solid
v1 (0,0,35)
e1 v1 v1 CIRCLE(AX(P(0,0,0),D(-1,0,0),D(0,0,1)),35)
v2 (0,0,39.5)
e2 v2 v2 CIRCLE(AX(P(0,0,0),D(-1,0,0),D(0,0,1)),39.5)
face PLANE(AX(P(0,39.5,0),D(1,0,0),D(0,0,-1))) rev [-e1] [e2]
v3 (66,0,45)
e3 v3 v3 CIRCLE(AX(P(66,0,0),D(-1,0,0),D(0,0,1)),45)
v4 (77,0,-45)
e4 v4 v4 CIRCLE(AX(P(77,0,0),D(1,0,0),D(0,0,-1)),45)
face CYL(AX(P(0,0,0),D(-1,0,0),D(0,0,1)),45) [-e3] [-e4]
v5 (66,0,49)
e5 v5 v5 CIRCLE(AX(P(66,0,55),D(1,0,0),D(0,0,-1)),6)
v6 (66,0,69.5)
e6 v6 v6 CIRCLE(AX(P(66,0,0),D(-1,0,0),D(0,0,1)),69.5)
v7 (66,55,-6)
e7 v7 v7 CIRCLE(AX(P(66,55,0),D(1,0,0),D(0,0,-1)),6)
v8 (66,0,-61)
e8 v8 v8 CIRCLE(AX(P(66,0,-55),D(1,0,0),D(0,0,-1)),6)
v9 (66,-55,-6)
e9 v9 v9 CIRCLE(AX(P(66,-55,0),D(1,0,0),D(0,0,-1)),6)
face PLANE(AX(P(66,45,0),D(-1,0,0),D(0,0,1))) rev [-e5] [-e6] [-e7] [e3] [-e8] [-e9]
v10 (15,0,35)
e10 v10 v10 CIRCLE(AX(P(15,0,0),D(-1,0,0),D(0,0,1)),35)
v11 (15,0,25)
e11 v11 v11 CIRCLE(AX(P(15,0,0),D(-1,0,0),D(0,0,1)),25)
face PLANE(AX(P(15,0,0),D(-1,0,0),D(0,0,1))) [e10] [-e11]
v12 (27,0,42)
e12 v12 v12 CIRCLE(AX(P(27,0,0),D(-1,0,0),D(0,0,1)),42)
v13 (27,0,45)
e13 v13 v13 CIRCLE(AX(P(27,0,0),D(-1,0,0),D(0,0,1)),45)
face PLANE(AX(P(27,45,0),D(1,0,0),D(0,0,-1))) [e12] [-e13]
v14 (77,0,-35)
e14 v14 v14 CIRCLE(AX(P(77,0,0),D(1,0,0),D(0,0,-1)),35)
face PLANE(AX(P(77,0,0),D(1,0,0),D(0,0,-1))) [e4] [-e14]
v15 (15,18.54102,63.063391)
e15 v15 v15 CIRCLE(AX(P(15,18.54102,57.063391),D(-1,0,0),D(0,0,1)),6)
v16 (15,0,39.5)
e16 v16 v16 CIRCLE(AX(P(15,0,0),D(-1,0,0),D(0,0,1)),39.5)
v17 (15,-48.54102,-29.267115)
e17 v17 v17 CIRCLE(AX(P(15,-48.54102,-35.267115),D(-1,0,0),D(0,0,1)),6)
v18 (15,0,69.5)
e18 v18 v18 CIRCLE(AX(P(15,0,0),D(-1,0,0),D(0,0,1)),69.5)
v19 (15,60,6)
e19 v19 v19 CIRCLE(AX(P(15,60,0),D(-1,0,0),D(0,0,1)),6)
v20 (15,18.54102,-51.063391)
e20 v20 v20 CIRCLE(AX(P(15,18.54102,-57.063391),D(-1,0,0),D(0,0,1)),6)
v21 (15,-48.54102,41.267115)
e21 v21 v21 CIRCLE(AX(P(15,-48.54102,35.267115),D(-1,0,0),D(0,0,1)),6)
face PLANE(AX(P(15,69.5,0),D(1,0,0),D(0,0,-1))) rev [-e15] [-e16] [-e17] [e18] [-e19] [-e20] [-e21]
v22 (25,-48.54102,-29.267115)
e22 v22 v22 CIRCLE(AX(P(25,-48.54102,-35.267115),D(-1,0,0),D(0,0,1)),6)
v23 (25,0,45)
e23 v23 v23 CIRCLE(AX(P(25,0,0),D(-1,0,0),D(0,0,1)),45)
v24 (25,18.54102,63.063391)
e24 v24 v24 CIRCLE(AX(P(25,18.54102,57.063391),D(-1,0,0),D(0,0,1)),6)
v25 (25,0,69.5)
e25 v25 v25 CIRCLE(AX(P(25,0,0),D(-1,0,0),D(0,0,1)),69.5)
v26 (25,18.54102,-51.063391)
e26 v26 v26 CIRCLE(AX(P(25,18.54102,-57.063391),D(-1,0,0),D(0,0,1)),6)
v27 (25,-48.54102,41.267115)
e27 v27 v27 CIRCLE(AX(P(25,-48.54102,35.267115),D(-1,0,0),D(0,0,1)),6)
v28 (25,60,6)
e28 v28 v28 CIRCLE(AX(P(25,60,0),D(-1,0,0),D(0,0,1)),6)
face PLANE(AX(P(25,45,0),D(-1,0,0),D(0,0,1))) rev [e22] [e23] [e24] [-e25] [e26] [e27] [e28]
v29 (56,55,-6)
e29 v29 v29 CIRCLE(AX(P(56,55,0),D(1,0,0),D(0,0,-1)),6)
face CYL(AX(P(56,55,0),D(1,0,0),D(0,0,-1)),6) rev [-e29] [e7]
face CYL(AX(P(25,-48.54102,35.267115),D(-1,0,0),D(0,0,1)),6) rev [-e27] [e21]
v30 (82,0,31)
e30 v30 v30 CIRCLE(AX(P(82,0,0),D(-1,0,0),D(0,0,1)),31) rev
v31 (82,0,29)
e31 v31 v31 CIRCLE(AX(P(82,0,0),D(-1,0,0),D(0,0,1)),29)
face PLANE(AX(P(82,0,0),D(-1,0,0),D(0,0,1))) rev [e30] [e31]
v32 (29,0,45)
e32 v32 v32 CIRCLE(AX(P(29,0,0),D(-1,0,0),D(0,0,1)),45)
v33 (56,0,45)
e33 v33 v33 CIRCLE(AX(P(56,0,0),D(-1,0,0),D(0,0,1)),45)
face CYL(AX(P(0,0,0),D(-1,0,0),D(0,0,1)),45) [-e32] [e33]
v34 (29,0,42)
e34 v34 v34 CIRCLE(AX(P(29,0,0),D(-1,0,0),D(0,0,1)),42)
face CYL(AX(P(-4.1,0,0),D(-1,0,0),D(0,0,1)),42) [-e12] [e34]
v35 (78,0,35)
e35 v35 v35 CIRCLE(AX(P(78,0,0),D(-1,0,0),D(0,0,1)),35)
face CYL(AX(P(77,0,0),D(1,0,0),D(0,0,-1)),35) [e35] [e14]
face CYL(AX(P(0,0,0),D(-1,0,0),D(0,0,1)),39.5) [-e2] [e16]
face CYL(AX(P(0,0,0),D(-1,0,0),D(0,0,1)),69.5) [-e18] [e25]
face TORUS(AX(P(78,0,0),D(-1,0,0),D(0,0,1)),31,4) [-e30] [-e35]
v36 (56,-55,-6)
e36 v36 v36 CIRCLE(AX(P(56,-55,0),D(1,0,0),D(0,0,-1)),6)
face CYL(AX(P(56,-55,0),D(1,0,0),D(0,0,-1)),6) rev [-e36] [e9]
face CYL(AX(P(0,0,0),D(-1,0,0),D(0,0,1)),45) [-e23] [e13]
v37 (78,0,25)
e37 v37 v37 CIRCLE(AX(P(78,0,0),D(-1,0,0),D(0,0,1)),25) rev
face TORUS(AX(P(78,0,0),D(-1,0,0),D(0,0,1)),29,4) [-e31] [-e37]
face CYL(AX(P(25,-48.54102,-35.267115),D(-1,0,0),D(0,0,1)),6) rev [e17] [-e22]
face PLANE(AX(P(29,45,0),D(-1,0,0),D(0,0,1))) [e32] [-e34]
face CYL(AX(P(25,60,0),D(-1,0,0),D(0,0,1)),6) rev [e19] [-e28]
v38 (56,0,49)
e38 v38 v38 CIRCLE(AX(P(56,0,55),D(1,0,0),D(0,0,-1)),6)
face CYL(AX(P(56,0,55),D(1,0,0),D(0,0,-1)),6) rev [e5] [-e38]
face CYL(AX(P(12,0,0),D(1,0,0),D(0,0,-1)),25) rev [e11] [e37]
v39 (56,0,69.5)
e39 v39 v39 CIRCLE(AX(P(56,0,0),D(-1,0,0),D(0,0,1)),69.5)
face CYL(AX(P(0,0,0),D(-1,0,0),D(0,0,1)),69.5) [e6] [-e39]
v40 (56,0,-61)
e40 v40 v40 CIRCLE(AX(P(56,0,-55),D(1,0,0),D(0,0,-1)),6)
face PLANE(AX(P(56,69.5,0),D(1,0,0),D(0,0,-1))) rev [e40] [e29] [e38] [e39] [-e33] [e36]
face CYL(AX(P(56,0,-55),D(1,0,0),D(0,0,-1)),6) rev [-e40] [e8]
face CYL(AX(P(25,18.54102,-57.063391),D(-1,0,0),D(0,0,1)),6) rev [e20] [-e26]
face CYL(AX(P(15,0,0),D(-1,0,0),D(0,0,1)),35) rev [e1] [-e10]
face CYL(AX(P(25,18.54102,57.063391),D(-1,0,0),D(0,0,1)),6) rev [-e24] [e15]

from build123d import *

# Parameters (mm, degrees)
SZKIC4_R                   = 6
WYTNIJ_WYCI_GNI_CIE1_DEPTH = 10
SZKIC5_R                   = 6
WYTNIJ_WYCI_GNI_CIE2_DEPTH = 10
SZKIC6_R                   = 35
WYTNIJ_WYCI_GNI_CIE3_DEPTH = 15
WYTNIJ_WYCI_GNI_CIE4_START = -5
SZKIC7_R                   = 45
SZKIC7_R_2                 = 35
WYTNIJ_WYCI_GNI_CIE4_DEPTH = 5
SZKIC8_R                   = 25
WYTNIJ_WYCI_GNI_CIE5_DEPTH = 70
ZAOKR_GLENIE1_R            = 4
SZKIC9_W                   = 2
SZKIC9_H                   = 3


with BuildPart() as part:
    # Szkic2 → Obrót1 (revolve)
    with BuildSketch(Plane.XY, mode=Mode.PRIVATE) as obr_t1_sk:
        Polygon((82, 0), (82, 45), (66, 45), (66, 69.5), (56, 69.5), (56, 45), (25, 45), (25, 69.5), (15, 69.5), (15, 39.5), (0, 39.5), (0, 0), align=None)
    revolve(obr_t1_sk.sketch.rotate(Axis((0, 0, 0), (1, 0, 0)), 90), axis=Axis((0, 0, 0), (1, 0, 0)))

    # Szkic4 → Wytnij-wyciągnięcie1 (cut)
    with BuildSketch(Plane(origin=(66, 0, 0), x_dir=(0, 0, -1), z_dir=(1, 0, 0))):
        with Locations((0, 55)):
            Circle(SZKIC4_R)
        with Locations((55, 0)):
            Circle(SZKIC4_R)
        with Locations((0, -55)):
            Circle(SZKIC4_R)
        with Locations((-55, 0)):
            Circle(SZKIC4_R)
    extrude(amount=-WYTNIJ_WYCI_GNI_CIE1_DEPTH, mode=Mode.SUBTRACT)

    # Szkic5 → Wytnij-wyciągnięcie2 (cut)
    with BuildSketch(Plane.ZY.offset(-15)):
        with Locations((0, 60)):
            Circle(SZKIC5_R)
        with Locations((57.063390978, 18.541019662)):
            Circle(SZKIC5_R)
        with Locations((35.267115138, -48.541019662)):
            Circle(SZKIC5_R)
        with Locations((-35.267115138, -48.541019662)):
            Circle(SZKIC5_R)
        with Locations((-57.063390978, 18.541019662)):
            Circle(SZKIC5_R)
    extrude(amount=-WYTNIJ_WYCI_GNI_CIE2_DEPTH, mode=Mode.SUBTRACT)

    # Szkic6 → Wytnij-wyciągnięcie3 (cut)
    with BuildSketch(Plane.ZY):
        Circle(SZKIC6_R)
    extrude(amount=-WYTNIJ_WYCI_GNI_CIE3_DEPTH, mode=Mode.SUBTRACT)

    # Szkic7 → Wytnij-wyciągnięcie4 (cut)
    with BuildSketch(Plane(origin=(82, 0, 0), x_dir=(0, 0, -1), z_dir=(1, 0, 0)).offset(WYTNIJ_WYCI_GNI_CIE4_START)):
        with Locations(Location((0, 0, 0), (0, 0, 180))):
            Circle(SZKIC7_R)
        with Locations(Location((0, 0, 0), (0, 0, 180))):
            Circle(SZKIC7_R_2, mode=Mode.SUBTRACT)
    extrude(amount=WYTNIJ_WYCI_GNI_CIE4_DEPTH, mode=Mode.SUBTRACT)

    # Szkic8 → Wytnij-wyciągnięcie5 (cut)
    with BuildSketch(Plane(origin=(82, 0, 0), x_dir=(0, 0, -1), z_dir=(1, 0, 0))):
        Circle(SZKIC8_R)
    extrude(amount=-WYTNIJ_WYCI_GNI_CIE5_DEPTH, mode=Mode.SUBTRACT)

    # Zaokrąglenie1
    zaokr_glenie1_edges = [part.edges().sort_by_distance(p)[0] for p in [
        (82, 0, -35),
        (82, 0, 25),
    ]]
    fillet(zaokr_glenie1_edges, radius=ZAOKR_GLENIE1_R)

    # Szkic9 → Wycięcie-obrót1 (revolve, cut)
    with BuildSketch(Plane.XY, mode=Mode.PRIVATE) as wyci_cie_obr_t1_sk:
        with Locations((28, 43.5)):
            Rectangle(SZKIC9_W, SZKIC9_H)
    revolve(wyci_cie_obr_t1_sk.sketch.rotate(Axis((-4.1, 0, 0), (1, 0, 0)), 90), axis=Axis((-4.1, 0, 0), (1, 0, 0)), mode=Mode.SUBTRACT)


solid = part.part
